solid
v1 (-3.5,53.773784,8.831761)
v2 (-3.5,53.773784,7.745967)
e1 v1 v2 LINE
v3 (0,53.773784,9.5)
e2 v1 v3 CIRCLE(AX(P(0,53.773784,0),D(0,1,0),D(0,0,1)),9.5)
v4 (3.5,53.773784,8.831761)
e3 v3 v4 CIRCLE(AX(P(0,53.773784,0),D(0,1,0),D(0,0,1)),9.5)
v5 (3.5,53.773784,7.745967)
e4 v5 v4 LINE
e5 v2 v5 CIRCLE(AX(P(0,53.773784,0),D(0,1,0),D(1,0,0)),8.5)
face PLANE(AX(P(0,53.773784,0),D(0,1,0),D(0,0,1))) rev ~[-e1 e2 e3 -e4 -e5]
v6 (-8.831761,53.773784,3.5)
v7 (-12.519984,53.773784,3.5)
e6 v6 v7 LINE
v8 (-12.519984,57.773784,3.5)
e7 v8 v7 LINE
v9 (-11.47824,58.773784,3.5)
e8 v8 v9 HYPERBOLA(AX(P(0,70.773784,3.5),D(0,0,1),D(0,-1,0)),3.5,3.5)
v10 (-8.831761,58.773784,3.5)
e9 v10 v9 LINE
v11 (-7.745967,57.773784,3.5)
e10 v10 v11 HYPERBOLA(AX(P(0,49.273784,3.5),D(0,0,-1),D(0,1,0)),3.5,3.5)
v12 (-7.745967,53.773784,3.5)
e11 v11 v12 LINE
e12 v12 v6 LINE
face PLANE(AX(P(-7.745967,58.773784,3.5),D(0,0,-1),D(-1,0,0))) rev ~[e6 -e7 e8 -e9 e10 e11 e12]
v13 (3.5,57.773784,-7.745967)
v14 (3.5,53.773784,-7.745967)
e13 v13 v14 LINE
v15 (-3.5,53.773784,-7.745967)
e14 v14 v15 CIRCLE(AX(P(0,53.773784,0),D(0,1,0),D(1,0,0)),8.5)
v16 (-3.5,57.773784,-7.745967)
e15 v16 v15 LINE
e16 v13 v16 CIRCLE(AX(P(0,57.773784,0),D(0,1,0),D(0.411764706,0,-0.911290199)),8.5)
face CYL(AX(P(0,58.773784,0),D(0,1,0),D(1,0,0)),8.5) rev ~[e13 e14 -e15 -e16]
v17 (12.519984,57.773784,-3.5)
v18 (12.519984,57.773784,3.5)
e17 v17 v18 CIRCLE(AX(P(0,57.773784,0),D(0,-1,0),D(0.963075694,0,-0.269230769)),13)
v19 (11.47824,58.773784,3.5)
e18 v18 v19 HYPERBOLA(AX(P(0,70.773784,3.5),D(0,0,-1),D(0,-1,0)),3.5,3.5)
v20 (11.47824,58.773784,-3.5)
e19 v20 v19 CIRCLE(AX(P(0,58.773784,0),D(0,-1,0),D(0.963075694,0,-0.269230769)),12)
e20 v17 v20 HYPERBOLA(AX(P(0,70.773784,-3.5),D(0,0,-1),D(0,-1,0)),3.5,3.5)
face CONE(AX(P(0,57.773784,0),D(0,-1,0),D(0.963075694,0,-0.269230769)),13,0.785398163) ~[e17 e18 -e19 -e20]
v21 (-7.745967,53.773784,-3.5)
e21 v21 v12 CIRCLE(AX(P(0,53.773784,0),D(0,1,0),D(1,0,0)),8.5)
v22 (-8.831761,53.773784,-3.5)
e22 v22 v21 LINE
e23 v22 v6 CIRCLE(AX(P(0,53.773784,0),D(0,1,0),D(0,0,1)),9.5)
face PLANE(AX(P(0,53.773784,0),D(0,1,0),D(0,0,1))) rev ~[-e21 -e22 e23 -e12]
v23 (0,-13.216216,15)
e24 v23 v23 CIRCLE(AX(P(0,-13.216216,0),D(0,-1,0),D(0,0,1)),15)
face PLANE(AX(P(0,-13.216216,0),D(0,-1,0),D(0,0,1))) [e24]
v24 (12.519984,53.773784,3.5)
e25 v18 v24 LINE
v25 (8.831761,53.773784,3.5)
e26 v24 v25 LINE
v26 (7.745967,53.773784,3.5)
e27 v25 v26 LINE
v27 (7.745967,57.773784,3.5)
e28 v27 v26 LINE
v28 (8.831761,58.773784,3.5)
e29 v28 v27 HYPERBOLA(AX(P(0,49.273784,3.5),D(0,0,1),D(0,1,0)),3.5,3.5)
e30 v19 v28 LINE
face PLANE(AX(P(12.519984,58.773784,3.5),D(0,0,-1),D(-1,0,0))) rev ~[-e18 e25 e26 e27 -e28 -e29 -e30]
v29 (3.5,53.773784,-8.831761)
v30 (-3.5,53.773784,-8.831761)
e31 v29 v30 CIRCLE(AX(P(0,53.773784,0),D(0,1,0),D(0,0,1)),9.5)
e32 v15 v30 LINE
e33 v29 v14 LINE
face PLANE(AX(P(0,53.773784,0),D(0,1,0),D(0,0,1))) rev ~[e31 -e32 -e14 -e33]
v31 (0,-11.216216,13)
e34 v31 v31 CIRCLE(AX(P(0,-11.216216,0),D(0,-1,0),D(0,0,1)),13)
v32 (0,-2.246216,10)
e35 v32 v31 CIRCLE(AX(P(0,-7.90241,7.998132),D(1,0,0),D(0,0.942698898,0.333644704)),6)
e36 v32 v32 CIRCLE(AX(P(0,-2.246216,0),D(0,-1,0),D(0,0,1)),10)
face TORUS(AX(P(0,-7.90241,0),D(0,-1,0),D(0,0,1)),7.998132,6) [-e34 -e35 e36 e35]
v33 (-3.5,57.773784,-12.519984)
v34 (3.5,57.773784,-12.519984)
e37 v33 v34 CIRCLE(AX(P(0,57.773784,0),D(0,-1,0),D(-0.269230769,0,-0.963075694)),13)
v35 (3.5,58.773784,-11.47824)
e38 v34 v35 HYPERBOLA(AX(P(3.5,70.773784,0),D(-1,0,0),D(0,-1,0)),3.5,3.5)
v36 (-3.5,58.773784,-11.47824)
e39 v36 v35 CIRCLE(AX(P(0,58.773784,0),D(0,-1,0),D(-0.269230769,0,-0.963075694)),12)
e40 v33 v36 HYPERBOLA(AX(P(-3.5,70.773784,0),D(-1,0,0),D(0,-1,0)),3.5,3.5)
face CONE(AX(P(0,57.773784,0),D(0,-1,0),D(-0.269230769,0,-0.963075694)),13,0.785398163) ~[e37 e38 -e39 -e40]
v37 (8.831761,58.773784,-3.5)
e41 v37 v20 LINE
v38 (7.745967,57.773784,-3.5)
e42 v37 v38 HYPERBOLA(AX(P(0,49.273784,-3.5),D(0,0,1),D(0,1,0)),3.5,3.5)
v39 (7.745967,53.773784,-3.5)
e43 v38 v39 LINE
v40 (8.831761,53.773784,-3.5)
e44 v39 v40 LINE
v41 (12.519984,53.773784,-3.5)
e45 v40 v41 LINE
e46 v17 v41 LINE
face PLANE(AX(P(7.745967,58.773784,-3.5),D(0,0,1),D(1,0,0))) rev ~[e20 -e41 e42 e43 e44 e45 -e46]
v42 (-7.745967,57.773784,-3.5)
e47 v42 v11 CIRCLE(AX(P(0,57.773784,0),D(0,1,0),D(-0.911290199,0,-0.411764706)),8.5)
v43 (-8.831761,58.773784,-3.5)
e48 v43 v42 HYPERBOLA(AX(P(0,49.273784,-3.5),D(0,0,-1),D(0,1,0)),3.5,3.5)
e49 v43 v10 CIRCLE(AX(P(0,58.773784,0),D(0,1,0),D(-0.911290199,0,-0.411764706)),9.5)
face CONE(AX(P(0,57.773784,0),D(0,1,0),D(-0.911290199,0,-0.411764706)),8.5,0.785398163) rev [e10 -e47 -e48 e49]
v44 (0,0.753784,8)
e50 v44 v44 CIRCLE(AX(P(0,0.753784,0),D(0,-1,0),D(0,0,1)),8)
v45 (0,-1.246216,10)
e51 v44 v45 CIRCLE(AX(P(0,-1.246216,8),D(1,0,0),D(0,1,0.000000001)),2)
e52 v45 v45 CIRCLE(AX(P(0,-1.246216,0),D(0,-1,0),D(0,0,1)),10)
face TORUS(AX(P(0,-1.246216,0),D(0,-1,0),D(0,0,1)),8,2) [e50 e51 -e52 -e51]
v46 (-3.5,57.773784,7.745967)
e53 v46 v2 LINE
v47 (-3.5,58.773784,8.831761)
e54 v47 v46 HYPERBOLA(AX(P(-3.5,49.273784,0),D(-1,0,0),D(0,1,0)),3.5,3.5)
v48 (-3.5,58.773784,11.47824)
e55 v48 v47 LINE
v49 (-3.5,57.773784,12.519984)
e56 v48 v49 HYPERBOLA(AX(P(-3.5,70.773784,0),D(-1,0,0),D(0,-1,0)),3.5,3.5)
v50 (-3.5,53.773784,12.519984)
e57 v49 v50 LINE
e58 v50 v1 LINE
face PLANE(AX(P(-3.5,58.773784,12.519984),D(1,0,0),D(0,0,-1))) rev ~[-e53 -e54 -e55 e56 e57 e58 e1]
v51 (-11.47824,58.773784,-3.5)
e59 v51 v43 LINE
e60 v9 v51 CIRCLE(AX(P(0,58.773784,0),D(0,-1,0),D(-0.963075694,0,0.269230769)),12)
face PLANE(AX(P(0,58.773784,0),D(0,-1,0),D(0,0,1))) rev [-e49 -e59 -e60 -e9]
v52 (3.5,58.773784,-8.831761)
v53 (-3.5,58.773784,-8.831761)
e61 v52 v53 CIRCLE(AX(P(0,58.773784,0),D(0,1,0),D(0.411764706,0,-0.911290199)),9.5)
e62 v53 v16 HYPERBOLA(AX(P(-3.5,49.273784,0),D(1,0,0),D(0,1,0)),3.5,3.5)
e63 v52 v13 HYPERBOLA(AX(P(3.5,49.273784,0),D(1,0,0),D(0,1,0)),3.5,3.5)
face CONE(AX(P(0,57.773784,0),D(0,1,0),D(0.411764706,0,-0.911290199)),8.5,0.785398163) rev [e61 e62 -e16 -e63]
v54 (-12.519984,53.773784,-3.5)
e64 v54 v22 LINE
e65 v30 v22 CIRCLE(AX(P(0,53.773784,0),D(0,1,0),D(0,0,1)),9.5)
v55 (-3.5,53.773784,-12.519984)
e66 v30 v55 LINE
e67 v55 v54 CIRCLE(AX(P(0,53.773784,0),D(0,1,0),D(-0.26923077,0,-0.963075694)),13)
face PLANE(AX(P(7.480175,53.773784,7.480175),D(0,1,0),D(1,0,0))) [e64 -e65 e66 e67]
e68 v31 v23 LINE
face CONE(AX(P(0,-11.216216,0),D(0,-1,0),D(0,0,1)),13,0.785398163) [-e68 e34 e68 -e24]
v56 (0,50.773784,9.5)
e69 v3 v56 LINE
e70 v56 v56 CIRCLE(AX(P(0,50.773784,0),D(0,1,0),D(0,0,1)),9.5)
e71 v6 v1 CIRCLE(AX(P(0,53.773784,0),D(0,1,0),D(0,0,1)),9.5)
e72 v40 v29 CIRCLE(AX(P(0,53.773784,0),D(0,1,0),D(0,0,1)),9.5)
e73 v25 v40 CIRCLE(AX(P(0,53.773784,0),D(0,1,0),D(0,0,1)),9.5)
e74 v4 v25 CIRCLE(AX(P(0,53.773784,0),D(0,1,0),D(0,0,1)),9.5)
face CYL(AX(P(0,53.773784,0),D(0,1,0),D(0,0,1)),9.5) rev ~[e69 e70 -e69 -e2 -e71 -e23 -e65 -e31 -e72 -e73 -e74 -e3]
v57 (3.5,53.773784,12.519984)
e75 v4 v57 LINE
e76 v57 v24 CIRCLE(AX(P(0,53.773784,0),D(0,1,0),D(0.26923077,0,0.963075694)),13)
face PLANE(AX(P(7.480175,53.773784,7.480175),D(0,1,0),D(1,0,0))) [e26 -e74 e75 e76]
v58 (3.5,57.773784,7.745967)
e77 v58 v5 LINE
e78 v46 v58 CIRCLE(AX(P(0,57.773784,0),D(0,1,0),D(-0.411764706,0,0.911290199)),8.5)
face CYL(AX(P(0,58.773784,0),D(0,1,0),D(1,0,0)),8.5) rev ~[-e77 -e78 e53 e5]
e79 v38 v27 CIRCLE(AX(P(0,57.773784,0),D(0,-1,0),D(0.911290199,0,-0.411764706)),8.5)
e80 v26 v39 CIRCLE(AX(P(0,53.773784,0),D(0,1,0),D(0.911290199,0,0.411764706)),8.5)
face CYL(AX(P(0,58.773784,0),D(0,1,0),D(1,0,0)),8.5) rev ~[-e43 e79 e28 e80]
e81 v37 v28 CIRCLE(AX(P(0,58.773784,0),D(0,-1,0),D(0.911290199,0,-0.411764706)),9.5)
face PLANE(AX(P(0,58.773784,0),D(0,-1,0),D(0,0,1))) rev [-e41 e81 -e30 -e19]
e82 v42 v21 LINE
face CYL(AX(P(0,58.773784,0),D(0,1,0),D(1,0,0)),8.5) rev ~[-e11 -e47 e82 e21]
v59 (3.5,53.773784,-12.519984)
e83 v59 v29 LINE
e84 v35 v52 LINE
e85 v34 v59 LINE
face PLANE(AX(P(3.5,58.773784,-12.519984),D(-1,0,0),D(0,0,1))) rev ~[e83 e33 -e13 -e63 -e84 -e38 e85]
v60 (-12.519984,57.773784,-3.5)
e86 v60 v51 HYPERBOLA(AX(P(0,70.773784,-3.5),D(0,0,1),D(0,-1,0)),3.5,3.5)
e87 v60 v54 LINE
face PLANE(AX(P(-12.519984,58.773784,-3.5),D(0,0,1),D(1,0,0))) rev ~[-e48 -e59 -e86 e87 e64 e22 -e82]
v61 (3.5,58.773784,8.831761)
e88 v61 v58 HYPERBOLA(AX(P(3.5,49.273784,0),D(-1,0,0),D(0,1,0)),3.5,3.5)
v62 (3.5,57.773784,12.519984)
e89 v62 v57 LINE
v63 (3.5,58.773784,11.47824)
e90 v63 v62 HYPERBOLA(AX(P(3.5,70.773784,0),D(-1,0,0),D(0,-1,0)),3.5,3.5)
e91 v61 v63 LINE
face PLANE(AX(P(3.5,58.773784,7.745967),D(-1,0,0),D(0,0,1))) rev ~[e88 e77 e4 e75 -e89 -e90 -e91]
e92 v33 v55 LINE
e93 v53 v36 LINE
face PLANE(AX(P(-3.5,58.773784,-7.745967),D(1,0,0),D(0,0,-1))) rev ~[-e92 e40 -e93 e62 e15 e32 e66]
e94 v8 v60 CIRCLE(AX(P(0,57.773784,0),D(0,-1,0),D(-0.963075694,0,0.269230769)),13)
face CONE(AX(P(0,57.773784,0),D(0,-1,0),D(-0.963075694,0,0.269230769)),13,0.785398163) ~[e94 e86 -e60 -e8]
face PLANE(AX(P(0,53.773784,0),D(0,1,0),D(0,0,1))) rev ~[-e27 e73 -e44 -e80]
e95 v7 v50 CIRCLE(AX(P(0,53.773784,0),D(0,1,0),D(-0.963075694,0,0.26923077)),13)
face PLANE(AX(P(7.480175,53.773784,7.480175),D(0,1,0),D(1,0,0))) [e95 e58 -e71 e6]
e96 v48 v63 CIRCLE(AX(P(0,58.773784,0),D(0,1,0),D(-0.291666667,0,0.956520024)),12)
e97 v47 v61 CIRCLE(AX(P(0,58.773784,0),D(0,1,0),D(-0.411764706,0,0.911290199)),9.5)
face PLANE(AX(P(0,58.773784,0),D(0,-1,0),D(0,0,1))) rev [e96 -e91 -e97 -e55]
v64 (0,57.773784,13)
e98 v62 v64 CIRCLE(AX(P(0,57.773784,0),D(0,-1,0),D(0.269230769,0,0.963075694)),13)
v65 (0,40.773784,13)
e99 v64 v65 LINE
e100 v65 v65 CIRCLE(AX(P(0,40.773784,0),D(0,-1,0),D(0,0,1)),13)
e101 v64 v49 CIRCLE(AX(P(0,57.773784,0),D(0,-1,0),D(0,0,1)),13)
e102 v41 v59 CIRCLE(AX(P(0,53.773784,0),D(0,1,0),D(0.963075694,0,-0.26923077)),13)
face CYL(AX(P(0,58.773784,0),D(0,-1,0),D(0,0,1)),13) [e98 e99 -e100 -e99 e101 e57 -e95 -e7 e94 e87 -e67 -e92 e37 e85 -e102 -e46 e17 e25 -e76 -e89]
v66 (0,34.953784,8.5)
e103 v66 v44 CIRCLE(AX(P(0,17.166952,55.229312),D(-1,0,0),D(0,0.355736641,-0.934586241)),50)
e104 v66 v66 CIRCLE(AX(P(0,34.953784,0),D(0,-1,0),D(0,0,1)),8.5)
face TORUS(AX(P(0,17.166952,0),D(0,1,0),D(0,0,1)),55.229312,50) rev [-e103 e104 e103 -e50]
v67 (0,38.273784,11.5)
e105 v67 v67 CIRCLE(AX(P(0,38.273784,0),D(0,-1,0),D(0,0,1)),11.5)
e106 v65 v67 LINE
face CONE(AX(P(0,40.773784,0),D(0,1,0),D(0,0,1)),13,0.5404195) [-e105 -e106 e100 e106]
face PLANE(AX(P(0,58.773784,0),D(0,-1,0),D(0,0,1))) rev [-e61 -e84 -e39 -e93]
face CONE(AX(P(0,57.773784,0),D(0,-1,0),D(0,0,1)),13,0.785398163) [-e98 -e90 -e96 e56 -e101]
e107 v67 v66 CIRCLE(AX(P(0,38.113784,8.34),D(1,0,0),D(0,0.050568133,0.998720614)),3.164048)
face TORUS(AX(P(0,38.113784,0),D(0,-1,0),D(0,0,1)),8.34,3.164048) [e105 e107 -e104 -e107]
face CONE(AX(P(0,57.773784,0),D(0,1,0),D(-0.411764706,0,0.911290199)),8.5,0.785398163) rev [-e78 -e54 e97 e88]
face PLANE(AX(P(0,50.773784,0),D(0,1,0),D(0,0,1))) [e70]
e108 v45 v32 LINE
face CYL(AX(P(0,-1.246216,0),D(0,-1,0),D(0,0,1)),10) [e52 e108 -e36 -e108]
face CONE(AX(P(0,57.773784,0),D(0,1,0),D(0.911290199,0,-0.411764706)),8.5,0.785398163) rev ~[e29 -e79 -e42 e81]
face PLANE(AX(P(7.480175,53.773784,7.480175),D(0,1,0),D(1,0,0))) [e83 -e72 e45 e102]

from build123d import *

# Parameters (mm, degrees)
CUT_EXTRUDE1_DEPTH = 5
SKETCH3_R          = 8.5
CUT_EXTRUDE2_DEPTH = 5
SKETCH5_R          = 9.5
CUT_EXTRUDE3_DEPTH = 3
CHAMFER1_SIZE      = 1


with BuildPart() as part:
    # Sketch1 → Revolve2 (revolve)
    with BuildSketch(Plane.XY, mode=Mode.PRIVATE) as revolve2_sk:
        with BuildLine():
            Line((0, -13.216216216), (0, 58.773783784))
            Line((0, 58.773783784), (-13, 58.773783784))
            Line((-13, 58.773783784), (-13, 40.773783784))
            Line((-13, 40.773783784), (-11.5, 38.273783784))
            ThreePointArc((-11.5, 38.273783784), (-10.687594514, 35.99246344), (-8.5, 34.953783784))
            ThreePointArc((-8.5, 34.953783784), (-5.234654729, 17.897867779), (-8, 0.753783784))
            ThreePointArc((-8, 0.753783784), (-9.414213562, 0.167997346), (-10, -1.246216216))
            Line((-10, -1.246216216), (-10, -2.246216216))
            ThreePointArc((-10, -2.246216216), (-13.688325627, -5.999334736), (-13, -11.216216216))
            Line((-13, -11.216216216), (-15, -13.216216216))
            Line((-15, -13.216216216), (0, -13.216216216))
        make_face()
    revolve(revolve2_sk.sketch.rotate(Axis((0, 81.004684333, 0), (0, -1, 0)), 270), axis=Axis((0, 81.004684333, 0), (0, -1, 0)))

    # Sketch2 → Cut-Extrude1 (cut)
    with BuildSketch(Plane(origin=(0, 58.773783784, 0), x_dir=(1, 0, 0), z_dir=(0, 1, 0))):
        with BuildLine():
            Line((-3.5, 7.745966692), (-3.5, 12.519984026))
            ThreePointArc((-3.5, 12.519984026), (-9.192388155, 9.192388155), (-12.519984026, 3.5))
            Line((-12.519984026, 3.5), (-7.745966692, 3.5))
            ThreePointArc((-7.745966692, 3.5), (-6.01040764, 6.01040764), (-3.5, 7.745966692))
        make_face()
        with BuildLine():
            ThreePointArc((-12.519984026, -3.5), (-9.192388155, -9.192388155), (-3.5, -12.519984026))
            Line((-3.5, -12.519984026), (-3.5, -7.745966692))
            ThreePointArc((-3.5, -7.745966692), (-6.01040764, -6.01040764), (-7.745966692, -3.5))
            Line((-7.745966692, -3.5), (-12.519984026, -3.5))
        make_face()
        with BuildLine():
            ThreePointArc((3.5, -12.519984026), (9.192388155, -9.192388155), (12.519984026, -3.5))
            Line((12.519984026, -3.5), (7.745966692, -3.5))
            ThreePointArc((7.745966692, -3.5), (6.01040764, -6.01040764), (3.5, -7.745966692))
            Line((3.5, -7.745966692), (3.5, -12.519984026))
        make_face()
        with BuildLine():
            ThreePointArc((3.5, 7.745966692), (6.01040764, 6.01040764), (7.745966692, 3.5))
            Line((7.745966692, 3.5), (12.519984026, 3.5))
            ThreePointArc((12.519984026, 3.5), (9.192388155, 9.192388155), (3.5, 12.519984026))
            Line((3.5, 12.519984026), (3.5, 7.745966692))
        make_face()
    extrude(amount=-CUT_EXTRUDE1_DEPTH, mode=Mode.SUBTRACT)

    # Sketch3 → Cut-Extrude2 (cut)
    with BuildSketch(Plane(origin=(0, 58.773783784, 0), x_dir=(1, 0, 0), z_dir=(0, 1, 0))):
        Circle(SKETCH3_R)
    extrude(amount=-CUT_EXTRUDE2_DEPTH, mode=Mode.SUBTRACT)

    # Sketch5 → Cut-Extrude3 (cut)
    with BuildSketch(Plane(origin=(0, 53.773783784, 0), x_dir=(1, 0, 0), z_dir=(0, 1, 0))):
        with Locations(Location((0, 0, 0), (0, 0, 270))):
            Circle(SKETCH5_R)
    extrude(amount=-CUT_EXTRUDE3_DEPTH, mode=Mode.SUBTRACT)

    # Chamfer1
    chamfer1_edges = [part.edges().sort_by_distance(p)[0] for p in [
        (13, 58.773783784, 0),
        (0, 58.773783784, -13),
        (-13, 58.773783784, 0),
        (1.766381565, 58.773783784, 12.879436951),
        (8.5, 58.773783784, 0),
        (0, 58.773783784, -8.5),
        (-8.5, 58.773783784, 0),
        (0, 58.773783784, 8.5),
    ]]
    chamfer(chamfer1_edges, length=CHAMFER1_SIZE)


solid = part.part
